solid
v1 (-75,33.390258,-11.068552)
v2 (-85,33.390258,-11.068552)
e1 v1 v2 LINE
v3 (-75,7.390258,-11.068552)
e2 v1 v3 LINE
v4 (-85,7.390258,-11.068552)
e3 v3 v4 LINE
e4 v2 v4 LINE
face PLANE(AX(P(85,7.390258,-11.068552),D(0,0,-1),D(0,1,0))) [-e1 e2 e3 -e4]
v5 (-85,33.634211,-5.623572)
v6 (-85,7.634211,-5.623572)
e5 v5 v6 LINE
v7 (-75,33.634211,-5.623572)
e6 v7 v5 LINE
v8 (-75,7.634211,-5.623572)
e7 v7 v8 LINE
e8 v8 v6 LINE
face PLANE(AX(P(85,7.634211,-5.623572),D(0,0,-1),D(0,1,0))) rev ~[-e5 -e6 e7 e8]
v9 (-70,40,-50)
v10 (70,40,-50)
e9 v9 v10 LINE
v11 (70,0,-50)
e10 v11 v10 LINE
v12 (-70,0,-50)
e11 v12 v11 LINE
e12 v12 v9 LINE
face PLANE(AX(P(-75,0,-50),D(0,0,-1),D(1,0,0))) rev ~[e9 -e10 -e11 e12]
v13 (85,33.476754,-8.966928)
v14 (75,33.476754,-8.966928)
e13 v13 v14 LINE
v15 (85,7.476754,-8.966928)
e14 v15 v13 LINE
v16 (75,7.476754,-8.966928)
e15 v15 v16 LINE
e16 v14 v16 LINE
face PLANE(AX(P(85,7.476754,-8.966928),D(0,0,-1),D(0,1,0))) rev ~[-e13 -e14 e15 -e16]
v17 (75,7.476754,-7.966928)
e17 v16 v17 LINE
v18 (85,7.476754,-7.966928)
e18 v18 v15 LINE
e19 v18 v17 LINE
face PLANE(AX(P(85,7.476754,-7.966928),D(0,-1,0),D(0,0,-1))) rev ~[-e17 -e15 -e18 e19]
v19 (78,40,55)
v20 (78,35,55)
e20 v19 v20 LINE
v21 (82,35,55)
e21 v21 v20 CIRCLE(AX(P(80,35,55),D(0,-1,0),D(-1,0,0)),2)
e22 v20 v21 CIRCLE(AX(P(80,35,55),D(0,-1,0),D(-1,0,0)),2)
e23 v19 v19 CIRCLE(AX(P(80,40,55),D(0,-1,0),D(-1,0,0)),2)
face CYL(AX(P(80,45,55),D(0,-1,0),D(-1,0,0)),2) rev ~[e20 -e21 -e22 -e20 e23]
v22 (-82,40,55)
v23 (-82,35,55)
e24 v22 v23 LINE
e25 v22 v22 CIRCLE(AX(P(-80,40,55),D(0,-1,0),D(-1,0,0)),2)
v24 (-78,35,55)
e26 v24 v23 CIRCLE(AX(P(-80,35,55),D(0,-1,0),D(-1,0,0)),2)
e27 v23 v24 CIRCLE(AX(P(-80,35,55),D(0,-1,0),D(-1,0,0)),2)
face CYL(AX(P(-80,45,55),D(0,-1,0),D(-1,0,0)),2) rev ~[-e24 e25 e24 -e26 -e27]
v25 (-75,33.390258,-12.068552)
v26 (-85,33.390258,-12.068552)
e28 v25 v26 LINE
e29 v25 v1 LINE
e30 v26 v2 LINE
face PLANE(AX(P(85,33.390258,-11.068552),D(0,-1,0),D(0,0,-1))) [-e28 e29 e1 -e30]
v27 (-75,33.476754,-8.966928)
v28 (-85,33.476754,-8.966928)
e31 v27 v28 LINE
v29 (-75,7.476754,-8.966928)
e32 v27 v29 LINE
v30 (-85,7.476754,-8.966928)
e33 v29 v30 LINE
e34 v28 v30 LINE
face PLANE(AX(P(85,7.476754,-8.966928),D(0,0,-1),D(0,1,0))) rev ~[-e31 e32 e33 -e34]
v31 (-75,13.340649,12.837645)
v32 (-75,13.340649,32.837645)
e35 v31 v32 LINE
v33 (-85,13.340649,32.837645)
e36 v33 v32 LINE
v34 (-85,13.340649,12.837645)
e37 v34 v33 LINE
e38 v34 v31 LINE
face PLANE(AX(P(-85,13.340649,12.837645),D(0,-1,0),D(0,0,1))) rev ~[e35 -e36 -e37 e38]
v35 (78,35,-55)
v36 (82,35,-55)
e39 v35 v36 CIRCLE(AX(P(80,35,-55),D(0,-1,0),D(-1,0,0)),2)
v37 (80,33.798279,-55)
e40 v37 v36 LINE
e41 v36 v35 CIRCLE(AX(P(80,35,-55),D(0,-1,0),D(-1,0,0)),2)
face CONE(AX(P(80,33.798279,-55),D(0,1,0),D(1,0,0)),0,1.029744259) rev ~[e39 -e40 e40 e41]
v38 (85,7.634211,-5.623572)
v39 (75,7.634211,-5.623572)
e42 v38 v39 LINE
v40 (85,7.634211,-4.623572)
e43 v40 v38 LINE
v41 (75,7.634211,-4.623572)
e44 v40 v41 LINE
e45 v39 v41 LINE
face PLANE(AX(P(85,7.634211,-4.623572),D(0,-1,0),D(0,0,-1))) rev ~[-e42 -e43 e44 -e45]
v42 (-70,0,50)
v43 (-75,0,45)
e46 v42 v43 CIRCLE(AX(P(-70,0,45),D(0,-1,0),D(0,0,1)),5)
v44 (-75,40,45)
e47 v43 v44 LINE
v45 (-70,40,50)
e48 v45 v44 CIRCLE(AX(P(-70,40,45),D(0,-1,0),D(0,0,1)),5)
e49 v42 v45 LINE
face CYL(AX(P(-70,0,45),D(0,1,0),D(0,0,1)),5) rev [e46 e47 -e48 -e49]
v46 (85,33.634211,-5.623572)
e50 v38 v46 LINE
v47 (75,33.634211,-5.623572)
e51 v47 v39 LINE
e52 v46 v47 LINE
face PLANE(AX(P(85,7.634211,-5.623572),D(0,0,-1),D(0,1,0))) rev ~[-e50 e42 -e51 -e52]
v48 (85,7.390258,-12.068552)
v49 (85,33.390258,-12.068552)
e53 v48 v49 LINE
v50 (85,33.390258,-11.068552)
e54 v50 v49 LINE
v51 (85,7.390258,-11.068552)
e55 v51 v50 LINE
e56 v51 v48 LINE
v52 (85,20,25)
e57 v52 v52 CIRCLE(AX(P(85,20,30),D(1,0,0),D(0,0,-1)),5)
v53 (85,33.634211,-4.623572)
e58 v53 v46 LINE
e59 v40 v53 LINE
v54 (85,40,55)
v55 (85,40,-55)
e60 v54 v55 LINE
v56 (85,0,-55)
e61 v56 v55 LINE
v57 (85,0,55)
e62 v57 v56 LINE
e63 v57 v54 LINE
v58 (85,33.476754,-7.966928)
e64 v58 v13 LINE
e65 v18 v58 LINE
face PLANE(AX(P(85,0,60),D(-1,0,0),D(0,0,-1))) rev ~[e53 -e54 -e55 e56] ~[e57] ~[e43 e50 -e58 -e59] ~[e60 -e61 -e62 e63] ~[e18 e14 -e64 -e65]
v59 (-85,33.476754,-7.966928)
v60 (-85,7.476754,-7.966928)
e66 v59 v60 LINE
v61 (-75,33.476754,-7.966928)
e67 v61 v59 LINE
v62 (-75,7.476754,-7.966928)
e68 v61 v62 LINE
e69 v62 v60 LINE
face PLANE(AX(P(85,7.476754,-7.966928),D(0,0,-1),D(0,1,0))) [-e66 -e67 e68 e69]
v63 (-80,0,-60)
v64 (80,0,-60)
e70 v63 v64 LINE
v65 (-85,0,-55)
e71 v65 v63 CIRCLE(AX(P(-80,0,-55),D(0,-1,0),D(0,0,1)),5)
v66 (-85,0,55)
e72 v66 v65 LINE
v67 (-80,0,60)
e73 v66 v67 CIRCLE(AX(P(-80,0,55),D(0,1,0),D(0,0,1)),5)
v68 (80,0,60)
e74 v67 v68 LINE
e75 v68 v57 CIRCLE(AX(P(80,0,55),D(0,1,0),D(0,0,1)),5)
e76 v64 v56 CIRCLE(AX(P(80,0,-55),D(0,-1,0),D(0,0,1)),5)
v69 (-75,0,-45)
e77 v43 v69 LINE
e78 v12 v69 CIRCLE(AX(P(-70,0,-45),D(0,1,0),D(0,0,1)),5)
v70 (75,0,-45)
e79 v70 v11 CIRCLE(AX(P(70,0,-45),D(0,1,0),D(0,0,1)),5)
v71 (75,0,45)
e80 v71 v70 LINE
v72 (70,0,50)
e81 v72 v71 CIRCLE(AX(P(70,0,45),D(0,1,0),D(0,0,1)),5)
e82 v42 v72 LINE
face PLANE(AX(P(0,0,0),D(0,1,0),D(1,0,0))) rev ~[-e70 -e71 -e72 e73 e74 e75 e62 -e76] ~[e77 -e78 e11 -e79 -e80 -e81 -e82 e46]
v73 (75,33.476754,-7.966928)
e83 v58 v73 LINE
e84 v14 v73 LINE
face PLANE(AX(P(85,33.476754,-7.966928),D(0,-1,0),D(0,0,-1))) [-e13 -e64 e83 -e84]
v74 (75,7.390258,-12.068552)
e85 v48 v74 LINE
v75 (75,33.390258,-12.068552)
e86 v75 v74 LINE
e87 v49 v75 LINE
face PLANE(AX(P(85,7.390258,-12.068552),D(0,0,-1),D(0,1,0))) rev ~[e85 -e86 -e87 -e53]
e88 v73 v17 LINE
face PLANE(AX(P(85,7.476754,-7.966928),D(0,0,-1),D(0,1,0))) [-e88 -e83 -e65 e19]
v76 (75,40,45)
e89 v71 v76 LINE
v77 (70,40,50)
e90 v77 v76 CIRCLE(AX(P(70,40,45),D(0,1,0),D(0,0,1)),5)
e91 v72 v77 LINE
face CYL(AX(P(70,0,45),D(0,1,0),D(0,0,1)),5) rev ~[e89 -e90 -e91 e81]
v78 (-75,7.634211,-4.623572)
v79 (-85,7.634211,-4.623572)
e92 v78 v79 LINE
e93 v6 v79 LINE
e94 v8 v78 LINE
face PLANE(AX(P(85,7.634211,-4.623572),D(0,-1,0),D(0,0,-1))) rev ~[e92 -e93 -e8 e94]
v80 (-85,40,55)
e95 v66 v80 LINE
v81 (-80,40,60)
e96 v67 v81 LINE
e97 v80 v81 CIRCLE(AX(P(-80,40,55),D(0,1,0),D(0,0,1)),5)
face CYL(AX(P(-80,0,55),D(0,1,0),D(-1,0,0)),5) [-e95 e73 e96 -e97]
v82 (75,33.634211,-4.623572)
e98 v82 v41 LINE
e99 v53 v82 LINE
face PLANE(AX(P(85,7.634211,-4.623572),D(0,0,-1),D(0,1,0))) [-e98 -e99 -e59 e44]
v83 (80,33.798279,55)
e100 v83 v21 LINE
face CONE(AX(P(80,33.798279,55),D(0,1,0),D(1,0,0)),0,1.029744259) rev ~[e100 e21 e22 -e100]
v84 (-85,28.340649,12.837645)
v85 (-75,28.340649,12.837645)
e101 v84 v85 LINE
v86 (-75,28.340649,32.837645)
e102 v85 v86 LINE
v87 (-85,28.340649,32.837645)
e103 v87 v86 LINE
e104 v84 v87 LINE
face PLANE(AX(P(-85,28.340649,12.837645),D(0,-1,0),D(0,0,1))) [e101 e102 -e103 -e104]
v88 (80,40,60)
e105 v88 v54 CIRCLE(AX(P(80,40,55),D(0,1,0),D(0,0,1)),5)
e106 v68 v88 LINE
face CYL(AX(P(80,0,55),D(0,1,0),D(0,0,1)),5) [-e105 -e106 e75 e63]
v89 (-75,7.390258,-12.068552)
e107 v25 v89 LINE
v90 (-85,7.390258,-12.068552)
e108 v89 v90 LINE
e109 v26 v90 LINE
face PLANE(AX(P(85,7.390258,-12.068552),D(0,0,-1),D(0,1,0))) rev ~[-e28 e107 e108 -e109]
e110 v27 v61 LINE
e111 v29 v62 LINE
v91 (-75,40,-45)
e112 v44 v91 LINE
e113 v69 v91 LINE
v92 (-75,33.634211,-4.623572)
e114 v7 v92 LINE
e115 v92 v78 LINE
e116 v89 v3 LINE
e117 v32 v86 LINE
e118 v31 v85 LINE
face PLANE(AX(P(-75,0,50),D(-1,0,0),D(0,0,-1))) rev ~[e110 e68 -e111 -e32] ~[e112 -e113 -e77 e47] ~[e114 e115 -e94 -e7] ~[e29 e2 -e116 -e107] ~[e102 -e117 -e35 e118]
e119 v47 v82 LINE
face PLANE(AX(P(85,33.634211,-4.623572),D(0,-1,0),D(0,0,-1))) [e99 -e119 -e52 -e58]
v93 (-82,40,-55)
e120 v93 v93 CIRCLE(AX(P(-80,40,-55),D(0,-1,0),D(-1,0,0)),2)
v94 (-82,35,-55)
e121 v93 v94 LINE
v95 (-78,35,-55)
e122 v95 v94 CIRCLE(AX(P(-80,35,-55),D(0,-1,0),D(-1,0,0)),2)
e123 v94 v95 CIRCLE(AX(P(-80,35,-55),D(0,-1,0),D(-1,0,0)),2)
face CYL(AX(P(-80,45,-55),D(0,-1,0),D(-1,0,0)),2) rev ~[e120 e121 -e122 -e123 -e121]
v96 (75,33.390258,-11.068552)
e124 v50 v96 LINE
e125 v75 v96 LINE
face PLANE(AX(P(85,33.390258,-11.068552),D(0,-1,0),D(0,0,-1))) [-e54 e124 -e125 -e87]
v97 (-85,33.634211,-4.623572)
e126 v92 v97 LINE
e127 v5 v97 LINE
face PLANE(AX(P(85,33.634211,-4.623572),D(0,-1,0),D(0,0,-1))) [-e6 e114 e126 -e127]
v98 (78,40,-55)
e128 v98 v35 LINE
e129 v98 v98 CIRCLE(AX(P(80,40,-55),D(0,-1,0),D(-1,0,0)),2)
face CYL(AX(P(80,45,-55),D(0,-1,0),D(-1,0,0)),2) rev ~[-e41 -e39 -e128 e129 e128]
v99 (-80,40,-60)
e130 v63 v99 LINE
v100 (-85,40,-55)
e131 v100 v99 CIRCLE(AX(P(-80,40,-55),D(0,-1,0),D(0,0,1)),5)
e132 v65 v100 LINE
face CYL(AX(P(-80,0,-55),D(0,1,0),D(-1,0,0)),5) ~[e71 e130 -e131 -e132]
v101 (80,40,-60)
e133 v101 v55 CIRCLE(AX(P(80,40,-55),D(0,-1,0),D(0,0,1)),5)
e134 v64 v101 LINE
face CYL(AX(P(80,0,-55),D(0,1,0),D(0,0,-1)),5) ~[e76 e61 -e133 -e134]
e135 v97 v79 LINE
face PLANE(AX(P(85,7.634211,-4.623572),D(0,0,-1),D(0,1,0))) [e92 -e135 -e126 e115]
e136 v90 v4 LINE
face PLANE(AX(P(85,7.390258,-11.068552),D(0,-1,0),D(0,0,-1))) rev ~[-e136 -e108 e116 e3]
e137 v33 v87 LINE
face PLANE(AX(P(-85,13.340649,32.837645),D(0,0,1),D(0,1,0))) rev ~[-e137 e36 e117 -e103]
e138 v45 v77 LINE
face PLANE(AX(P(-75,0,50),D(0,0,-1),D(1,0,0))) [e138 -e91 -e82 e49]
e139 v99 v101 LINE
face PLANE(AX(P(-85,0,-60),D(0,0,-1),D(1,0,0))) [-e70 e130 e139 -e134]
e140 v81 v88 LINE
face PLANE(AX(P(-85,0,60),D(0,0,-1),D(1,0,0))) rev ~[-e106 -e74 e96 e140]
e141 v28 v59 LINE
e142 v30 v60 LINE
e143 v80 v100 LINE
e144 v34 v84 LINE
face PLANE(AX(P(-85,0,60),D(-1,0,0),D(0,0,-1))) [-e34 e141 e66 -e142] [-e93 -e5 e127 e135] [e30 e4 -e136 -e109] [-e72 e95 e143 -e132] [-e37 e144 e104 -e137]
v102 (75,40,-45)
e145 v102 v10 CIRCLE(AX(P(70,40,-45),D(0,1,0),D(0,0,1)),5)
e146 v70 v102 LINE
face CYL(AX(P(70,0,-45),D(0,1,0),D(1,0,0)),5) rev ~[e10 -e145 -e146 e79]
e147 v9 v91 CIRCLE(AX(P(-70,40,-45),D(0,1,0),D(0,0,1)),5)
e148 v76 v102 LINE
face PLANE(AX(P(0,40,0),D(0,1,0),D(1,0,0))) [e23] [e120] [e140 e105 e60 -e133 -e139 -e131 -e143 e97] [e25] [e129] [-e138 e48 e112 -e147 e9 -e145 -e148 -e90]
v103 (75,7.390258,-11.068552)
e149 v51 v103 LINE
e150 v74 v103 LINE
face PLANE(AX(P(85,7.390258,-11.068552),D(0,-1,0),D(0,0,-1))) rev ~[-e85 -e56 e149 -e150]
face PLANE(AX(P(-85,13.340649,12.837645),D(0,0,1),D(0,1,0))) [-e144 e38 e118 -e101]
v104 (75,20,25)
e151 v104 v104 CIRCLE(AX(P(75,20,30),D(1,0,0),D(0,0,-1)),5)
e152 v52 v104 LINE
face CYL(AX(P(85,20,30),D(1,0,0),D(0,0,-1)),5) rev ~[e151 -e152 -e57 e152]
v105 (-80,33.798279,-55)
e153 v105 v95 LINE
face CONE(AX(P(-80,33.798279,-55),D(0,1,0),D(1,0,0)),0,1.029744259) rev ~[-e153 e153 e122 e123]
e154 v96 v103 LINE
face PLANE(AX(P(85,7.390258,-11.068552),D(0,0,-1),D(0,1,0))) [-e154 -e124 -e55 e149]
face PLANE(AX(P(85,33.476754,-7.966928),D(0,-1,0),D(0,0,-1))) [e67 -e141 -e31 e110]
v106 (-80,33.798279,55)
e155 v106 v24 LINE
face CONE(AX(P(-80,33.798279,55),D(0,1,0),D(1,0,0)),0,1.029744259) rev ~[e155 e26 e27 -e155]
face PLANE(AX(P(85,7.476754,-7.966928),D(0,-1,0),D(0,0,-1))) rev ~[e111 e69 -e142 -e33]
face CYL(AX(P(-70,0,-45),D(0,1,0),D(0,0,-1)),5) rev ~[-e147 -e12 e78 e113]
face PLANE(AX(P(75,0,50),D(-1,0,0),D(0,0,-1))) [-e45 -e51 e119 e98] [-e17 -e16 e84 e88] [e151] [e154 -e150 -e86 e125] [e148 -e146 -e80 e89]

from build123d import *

# Parameters (mm, degrees)
SKETCH1_W                 = 170
SKETCH1_H                 = 120
SKETCH1_W_2               = 150
SKETCH1_H_2               = 100
EXTRUDE_THIN1_DEPTH       = 40
SKETCH2_R                 = 5
CUT_EXTRUDE1_DEPTH        = 10
F_4_0MM_DOWEL_HOLE1_D     = 4
F_4_0MM_DOWEL_HOLE1_DEPTH = 5
F_4_0MM_DOWEL_HOLE1_TIP   = 1.201721238
F_4_0MM_DOWEL_HOLE2_D     = 4
F_4_0MM_DOWEL_HOLE2_DEPTH = 5
F_4_0MM_DOWEL_HOLE2_TIP   = 1.201721238
F_4_0MM_DOWEL_HOLE3_D     = 4
F_4_0MM_DOWEL_HOLE3_DEPTH = 5
F_4_0MM_DOWEL_HOLE3_TIP   = 1.201721238
F_4_0MM_DOWEL_HOLE4_D     = 4
F_4_0MM_DOWEL_HOLE4_DEPTH = 5
F_4_0MM_DOWEL_HOLE4_TIP   = 1.201721238
SKETCH15_W                = 20
SKETCH15_H                = 15
CUT_EXTRUDE7_DEPTH        = 10
FILLET1_R                 = 5
SKETCH16_W                = 1
SKETCH16_H                = 26
CUT_EXTRUDE8_DEPTH        = 1
CUT_EXTRUDE8_DEPTH_BACK   = 171
SKETCH17_W                = 1
SKETCH17_H                = 26
CUT_EXTRUDE9_DEPTH        = 1
CUT_EXTRUDE9_DEPTH_BACK   = 171
SKETCH19_W                = 1
SKETCH19_H                = 26
CUT_EXTRUDE10_DEPTH       = 1
CUT_EXTRUDE10_DEPTH_BACK  = 171
FILLET2_R                 = 5


with BuildPart() as part:
    # Sketch1 → Extrude-Thin1 (new body)
    with BuildSketch(Plane(origin=(0, 0, 0), x_dir=(1, 0, 0), z_dir=(0, 1, 0))):
        Rectangle(SKETCH1_W, SKETCH1_H)
        Rectangle(SKETCH1_W_2, SKETCH1_H_2, mode=Mode.SUBTRACT)
    extrude(amount=EXTRUDE_THIN1_DEPTH)

    # Sketch2 → Cut-Extrude1 (cut)
    with BuildSketch(Plane(origin=(85, 0, 0), x_dir=(0, 0, -1), z_dir=(1, 0, 0))):
        with Locations((-30, 20)):
            Circle(SKETCH2_R)
    extrude(amount=-CUT_EXTRUDE1_DEPTH, mode=Mode.SUBTRACT)

    # Ø4.0mm Dowel Hole1
    with Locations(Plane(origin=(0, 40, 0), x_dir=(1, 0, 0), z_dir=(0, 1, 0))):
        with Locations((-80, 55)):
            Hole(F_4_0MM_DOWEL_HOLE1_D / 2, depth=F_4_0MM_DOWEL_HOLE1_DEPTH)
            with Locations((0, 0, -(F_4_0MM_DOWEL_HOLE1_DEPTH + F_4_0MM_DOWEL_HOLE1_TIP / 2))):  # 118° drill point
                Cone(0, F_4_0MM_DOWEL_HOLE1_D / 2, F_4_0MM_DOWEL_HOLE1_TIP, mode=Mode.SUBTRACT)

    # Ø4.0mm Dowel Hole2
    with Locations(Plane(origin=(0, 40, 0), x_dir=(1, 0, 0), z_dir=(0, 1, 0))):
        with Locations((-80, -55)):
            Hole(F_4_0MM_DOWEL_HOLE2_D / 2, depth=F_4_0MM_DOWEL_HOLE2_DEPTH)
            with Locations((0, 0, -(F_4_0MM_DOWEL_HOLE2_DEPTH + F_4_0MM_DOWEL_HOLE2_TIP / 2))):  # 118° drill point
                Cone(0, F_4_0MM_DOWEL_HOLE2_D / 2, F_4_0MM_DOWEL_HOLE2_TIP, mode=Mode.SUBTRACT)

    # Ø4.0mm Dowel Hole3
    with Locations(Plane(origin=(0, 40, 0), x_dir=(1, 0, 0), z_dir=(0, 1, 0))):
        with Locations((80, -55)):
            Hole(F_4_0MM_DOWEL_HOLE3_D / 2, depth=F_4_0MM_DOWEL_HOLE3_DEPTH)
            with Locations((0, 0, -(F_4_0MM_DOWEL_HOLE3_DEPTH + F_4_0MM_DOWEL_HOLE3_TIP / 2))):  # 118° drill point
                Cone(0, F_4_0MM_DOWEL_HOLE3_D / 2, F_4_0MM_DOWEL_HOLE3_TIP, mode=Mode.SUBTRACT)

    # Ø4.0mm Dowel Hole4
    with Locations(Plane(origin=(0, 40, 0), x_dir=(1, 0, 0), z_dir=(0, 1, 0))):
        with Locations((80, 55)):
            Hole(F_4_0MM_DOWEL_HOLE4_D / 2, depth=F_4_0MM_DOWEL_HOLE4_DEPTH)
            with Locations((0, 0, -(F_4_0MM_DOWEL_HOLE4_DEPTH + F_4_0MM_DOWEL_HOLE4_TIP / 2))):  # 118° drill point
                Cone(0, F_4_0MM_DOWEL_HOLE4_D / 2, F_4_0MM_DOWEL_HOLE4_TIP, mode=Mode.SUBTRACT)

    # Sketch15 → Cut-Extrude7 (cut)
    with BuildSketch(Plane.ZY.offset(85)):
        with Locations((22.837644719, 20.840649499)):
            Rectangle(SKETCH15_W, SKETCH15_H)
    extrude(amount=-CUT_EXTRUDE7_DEPTH, mode=Mode.SUBTRACT)

    # Fillet1
    fillet1_edges = [part.edges().sort_by_distance(p)[0] for p in [
        (85, 20, 60),
        (-85, 20, 60),
        (-85, 20, -60),
        (85, 20, -60),
    ]]
    fillet(fillet1_edges, radius=FILLET1_R)

    # Sketch16 → Cut-Extrude8 (cut, two sides)
    with BuildSketch(Plane(origin=(85, 0, 0), x_dir=(0, 0, -1), z_dir=(1, 0, 0))) as cut_extrude8_sk:
        with Locations((5.123572244, 20.634211022)):
            Rectangle(SKETCH16_W, SKETCH16_H)
    extrude(amount=CUT_EXTRUDE8_DEPTH, mode=Mode.SUBTRACT)
    extrude(cut_extrude8_sk.sketch, amount=-CUT_EXTRUDE8_DEPTH_BACK, mode=Mode.SUBTRACT)

    # Sketch17 → Cut-Extrude9 (cut, two sides)
    with BuildSketch(Plane(origin=(85, 0, 0), x_dir=(0, 0, -1), z_dir=(1, 0, 0))) as cut_extrude9_sk:
        with Locations((8.466927988, 20.476753878)):
            Rectangle(SKETCH17_W, SKETCH17_H)
    extrude(amount=CUT_EXTRUDE9_DEPTH, mode=Mode.SUBTRACT)
    extrude(cut_extrude9_sk.sketch, amount=-CUT_EXTRUDE9_DEPTH_BACK, mode=Mode.SUBTRACT)

    # Sketch19 → Cut-Extrude10 (cut, two sides)
    with BuildSketch(Plane(origin=(85, 0, 0), x_dir=(0, 0, -1), z_dir=(1, 0, 0))) as cut_extrude10_sk:
        with Locations((11.568551735, 20.390257517)):
            Rectangle(SKETCH19_W, SKETCH19_H)
    extrude(amount=CUT_EXTRUDE10_DEPTH, mode=Mode.SUBTRACT)
    extrude(cut_extrude10_sk.sketch, amount=-CUT_EXTRUDE10_DEPTH_BACK, mode=Mode.SUBTRACT)

    # Fillet2
    fillet2_edges = [part.edges().sort_by_distance(p)[0] for p in [
        (75, 20, 50),
        (75, 20, -50),
        (-75, 20, -50),
        (-75, 20, 50),
    ]]
    fillet(fillet2_edges, radius=FILLET2_R)


solid = part.part
